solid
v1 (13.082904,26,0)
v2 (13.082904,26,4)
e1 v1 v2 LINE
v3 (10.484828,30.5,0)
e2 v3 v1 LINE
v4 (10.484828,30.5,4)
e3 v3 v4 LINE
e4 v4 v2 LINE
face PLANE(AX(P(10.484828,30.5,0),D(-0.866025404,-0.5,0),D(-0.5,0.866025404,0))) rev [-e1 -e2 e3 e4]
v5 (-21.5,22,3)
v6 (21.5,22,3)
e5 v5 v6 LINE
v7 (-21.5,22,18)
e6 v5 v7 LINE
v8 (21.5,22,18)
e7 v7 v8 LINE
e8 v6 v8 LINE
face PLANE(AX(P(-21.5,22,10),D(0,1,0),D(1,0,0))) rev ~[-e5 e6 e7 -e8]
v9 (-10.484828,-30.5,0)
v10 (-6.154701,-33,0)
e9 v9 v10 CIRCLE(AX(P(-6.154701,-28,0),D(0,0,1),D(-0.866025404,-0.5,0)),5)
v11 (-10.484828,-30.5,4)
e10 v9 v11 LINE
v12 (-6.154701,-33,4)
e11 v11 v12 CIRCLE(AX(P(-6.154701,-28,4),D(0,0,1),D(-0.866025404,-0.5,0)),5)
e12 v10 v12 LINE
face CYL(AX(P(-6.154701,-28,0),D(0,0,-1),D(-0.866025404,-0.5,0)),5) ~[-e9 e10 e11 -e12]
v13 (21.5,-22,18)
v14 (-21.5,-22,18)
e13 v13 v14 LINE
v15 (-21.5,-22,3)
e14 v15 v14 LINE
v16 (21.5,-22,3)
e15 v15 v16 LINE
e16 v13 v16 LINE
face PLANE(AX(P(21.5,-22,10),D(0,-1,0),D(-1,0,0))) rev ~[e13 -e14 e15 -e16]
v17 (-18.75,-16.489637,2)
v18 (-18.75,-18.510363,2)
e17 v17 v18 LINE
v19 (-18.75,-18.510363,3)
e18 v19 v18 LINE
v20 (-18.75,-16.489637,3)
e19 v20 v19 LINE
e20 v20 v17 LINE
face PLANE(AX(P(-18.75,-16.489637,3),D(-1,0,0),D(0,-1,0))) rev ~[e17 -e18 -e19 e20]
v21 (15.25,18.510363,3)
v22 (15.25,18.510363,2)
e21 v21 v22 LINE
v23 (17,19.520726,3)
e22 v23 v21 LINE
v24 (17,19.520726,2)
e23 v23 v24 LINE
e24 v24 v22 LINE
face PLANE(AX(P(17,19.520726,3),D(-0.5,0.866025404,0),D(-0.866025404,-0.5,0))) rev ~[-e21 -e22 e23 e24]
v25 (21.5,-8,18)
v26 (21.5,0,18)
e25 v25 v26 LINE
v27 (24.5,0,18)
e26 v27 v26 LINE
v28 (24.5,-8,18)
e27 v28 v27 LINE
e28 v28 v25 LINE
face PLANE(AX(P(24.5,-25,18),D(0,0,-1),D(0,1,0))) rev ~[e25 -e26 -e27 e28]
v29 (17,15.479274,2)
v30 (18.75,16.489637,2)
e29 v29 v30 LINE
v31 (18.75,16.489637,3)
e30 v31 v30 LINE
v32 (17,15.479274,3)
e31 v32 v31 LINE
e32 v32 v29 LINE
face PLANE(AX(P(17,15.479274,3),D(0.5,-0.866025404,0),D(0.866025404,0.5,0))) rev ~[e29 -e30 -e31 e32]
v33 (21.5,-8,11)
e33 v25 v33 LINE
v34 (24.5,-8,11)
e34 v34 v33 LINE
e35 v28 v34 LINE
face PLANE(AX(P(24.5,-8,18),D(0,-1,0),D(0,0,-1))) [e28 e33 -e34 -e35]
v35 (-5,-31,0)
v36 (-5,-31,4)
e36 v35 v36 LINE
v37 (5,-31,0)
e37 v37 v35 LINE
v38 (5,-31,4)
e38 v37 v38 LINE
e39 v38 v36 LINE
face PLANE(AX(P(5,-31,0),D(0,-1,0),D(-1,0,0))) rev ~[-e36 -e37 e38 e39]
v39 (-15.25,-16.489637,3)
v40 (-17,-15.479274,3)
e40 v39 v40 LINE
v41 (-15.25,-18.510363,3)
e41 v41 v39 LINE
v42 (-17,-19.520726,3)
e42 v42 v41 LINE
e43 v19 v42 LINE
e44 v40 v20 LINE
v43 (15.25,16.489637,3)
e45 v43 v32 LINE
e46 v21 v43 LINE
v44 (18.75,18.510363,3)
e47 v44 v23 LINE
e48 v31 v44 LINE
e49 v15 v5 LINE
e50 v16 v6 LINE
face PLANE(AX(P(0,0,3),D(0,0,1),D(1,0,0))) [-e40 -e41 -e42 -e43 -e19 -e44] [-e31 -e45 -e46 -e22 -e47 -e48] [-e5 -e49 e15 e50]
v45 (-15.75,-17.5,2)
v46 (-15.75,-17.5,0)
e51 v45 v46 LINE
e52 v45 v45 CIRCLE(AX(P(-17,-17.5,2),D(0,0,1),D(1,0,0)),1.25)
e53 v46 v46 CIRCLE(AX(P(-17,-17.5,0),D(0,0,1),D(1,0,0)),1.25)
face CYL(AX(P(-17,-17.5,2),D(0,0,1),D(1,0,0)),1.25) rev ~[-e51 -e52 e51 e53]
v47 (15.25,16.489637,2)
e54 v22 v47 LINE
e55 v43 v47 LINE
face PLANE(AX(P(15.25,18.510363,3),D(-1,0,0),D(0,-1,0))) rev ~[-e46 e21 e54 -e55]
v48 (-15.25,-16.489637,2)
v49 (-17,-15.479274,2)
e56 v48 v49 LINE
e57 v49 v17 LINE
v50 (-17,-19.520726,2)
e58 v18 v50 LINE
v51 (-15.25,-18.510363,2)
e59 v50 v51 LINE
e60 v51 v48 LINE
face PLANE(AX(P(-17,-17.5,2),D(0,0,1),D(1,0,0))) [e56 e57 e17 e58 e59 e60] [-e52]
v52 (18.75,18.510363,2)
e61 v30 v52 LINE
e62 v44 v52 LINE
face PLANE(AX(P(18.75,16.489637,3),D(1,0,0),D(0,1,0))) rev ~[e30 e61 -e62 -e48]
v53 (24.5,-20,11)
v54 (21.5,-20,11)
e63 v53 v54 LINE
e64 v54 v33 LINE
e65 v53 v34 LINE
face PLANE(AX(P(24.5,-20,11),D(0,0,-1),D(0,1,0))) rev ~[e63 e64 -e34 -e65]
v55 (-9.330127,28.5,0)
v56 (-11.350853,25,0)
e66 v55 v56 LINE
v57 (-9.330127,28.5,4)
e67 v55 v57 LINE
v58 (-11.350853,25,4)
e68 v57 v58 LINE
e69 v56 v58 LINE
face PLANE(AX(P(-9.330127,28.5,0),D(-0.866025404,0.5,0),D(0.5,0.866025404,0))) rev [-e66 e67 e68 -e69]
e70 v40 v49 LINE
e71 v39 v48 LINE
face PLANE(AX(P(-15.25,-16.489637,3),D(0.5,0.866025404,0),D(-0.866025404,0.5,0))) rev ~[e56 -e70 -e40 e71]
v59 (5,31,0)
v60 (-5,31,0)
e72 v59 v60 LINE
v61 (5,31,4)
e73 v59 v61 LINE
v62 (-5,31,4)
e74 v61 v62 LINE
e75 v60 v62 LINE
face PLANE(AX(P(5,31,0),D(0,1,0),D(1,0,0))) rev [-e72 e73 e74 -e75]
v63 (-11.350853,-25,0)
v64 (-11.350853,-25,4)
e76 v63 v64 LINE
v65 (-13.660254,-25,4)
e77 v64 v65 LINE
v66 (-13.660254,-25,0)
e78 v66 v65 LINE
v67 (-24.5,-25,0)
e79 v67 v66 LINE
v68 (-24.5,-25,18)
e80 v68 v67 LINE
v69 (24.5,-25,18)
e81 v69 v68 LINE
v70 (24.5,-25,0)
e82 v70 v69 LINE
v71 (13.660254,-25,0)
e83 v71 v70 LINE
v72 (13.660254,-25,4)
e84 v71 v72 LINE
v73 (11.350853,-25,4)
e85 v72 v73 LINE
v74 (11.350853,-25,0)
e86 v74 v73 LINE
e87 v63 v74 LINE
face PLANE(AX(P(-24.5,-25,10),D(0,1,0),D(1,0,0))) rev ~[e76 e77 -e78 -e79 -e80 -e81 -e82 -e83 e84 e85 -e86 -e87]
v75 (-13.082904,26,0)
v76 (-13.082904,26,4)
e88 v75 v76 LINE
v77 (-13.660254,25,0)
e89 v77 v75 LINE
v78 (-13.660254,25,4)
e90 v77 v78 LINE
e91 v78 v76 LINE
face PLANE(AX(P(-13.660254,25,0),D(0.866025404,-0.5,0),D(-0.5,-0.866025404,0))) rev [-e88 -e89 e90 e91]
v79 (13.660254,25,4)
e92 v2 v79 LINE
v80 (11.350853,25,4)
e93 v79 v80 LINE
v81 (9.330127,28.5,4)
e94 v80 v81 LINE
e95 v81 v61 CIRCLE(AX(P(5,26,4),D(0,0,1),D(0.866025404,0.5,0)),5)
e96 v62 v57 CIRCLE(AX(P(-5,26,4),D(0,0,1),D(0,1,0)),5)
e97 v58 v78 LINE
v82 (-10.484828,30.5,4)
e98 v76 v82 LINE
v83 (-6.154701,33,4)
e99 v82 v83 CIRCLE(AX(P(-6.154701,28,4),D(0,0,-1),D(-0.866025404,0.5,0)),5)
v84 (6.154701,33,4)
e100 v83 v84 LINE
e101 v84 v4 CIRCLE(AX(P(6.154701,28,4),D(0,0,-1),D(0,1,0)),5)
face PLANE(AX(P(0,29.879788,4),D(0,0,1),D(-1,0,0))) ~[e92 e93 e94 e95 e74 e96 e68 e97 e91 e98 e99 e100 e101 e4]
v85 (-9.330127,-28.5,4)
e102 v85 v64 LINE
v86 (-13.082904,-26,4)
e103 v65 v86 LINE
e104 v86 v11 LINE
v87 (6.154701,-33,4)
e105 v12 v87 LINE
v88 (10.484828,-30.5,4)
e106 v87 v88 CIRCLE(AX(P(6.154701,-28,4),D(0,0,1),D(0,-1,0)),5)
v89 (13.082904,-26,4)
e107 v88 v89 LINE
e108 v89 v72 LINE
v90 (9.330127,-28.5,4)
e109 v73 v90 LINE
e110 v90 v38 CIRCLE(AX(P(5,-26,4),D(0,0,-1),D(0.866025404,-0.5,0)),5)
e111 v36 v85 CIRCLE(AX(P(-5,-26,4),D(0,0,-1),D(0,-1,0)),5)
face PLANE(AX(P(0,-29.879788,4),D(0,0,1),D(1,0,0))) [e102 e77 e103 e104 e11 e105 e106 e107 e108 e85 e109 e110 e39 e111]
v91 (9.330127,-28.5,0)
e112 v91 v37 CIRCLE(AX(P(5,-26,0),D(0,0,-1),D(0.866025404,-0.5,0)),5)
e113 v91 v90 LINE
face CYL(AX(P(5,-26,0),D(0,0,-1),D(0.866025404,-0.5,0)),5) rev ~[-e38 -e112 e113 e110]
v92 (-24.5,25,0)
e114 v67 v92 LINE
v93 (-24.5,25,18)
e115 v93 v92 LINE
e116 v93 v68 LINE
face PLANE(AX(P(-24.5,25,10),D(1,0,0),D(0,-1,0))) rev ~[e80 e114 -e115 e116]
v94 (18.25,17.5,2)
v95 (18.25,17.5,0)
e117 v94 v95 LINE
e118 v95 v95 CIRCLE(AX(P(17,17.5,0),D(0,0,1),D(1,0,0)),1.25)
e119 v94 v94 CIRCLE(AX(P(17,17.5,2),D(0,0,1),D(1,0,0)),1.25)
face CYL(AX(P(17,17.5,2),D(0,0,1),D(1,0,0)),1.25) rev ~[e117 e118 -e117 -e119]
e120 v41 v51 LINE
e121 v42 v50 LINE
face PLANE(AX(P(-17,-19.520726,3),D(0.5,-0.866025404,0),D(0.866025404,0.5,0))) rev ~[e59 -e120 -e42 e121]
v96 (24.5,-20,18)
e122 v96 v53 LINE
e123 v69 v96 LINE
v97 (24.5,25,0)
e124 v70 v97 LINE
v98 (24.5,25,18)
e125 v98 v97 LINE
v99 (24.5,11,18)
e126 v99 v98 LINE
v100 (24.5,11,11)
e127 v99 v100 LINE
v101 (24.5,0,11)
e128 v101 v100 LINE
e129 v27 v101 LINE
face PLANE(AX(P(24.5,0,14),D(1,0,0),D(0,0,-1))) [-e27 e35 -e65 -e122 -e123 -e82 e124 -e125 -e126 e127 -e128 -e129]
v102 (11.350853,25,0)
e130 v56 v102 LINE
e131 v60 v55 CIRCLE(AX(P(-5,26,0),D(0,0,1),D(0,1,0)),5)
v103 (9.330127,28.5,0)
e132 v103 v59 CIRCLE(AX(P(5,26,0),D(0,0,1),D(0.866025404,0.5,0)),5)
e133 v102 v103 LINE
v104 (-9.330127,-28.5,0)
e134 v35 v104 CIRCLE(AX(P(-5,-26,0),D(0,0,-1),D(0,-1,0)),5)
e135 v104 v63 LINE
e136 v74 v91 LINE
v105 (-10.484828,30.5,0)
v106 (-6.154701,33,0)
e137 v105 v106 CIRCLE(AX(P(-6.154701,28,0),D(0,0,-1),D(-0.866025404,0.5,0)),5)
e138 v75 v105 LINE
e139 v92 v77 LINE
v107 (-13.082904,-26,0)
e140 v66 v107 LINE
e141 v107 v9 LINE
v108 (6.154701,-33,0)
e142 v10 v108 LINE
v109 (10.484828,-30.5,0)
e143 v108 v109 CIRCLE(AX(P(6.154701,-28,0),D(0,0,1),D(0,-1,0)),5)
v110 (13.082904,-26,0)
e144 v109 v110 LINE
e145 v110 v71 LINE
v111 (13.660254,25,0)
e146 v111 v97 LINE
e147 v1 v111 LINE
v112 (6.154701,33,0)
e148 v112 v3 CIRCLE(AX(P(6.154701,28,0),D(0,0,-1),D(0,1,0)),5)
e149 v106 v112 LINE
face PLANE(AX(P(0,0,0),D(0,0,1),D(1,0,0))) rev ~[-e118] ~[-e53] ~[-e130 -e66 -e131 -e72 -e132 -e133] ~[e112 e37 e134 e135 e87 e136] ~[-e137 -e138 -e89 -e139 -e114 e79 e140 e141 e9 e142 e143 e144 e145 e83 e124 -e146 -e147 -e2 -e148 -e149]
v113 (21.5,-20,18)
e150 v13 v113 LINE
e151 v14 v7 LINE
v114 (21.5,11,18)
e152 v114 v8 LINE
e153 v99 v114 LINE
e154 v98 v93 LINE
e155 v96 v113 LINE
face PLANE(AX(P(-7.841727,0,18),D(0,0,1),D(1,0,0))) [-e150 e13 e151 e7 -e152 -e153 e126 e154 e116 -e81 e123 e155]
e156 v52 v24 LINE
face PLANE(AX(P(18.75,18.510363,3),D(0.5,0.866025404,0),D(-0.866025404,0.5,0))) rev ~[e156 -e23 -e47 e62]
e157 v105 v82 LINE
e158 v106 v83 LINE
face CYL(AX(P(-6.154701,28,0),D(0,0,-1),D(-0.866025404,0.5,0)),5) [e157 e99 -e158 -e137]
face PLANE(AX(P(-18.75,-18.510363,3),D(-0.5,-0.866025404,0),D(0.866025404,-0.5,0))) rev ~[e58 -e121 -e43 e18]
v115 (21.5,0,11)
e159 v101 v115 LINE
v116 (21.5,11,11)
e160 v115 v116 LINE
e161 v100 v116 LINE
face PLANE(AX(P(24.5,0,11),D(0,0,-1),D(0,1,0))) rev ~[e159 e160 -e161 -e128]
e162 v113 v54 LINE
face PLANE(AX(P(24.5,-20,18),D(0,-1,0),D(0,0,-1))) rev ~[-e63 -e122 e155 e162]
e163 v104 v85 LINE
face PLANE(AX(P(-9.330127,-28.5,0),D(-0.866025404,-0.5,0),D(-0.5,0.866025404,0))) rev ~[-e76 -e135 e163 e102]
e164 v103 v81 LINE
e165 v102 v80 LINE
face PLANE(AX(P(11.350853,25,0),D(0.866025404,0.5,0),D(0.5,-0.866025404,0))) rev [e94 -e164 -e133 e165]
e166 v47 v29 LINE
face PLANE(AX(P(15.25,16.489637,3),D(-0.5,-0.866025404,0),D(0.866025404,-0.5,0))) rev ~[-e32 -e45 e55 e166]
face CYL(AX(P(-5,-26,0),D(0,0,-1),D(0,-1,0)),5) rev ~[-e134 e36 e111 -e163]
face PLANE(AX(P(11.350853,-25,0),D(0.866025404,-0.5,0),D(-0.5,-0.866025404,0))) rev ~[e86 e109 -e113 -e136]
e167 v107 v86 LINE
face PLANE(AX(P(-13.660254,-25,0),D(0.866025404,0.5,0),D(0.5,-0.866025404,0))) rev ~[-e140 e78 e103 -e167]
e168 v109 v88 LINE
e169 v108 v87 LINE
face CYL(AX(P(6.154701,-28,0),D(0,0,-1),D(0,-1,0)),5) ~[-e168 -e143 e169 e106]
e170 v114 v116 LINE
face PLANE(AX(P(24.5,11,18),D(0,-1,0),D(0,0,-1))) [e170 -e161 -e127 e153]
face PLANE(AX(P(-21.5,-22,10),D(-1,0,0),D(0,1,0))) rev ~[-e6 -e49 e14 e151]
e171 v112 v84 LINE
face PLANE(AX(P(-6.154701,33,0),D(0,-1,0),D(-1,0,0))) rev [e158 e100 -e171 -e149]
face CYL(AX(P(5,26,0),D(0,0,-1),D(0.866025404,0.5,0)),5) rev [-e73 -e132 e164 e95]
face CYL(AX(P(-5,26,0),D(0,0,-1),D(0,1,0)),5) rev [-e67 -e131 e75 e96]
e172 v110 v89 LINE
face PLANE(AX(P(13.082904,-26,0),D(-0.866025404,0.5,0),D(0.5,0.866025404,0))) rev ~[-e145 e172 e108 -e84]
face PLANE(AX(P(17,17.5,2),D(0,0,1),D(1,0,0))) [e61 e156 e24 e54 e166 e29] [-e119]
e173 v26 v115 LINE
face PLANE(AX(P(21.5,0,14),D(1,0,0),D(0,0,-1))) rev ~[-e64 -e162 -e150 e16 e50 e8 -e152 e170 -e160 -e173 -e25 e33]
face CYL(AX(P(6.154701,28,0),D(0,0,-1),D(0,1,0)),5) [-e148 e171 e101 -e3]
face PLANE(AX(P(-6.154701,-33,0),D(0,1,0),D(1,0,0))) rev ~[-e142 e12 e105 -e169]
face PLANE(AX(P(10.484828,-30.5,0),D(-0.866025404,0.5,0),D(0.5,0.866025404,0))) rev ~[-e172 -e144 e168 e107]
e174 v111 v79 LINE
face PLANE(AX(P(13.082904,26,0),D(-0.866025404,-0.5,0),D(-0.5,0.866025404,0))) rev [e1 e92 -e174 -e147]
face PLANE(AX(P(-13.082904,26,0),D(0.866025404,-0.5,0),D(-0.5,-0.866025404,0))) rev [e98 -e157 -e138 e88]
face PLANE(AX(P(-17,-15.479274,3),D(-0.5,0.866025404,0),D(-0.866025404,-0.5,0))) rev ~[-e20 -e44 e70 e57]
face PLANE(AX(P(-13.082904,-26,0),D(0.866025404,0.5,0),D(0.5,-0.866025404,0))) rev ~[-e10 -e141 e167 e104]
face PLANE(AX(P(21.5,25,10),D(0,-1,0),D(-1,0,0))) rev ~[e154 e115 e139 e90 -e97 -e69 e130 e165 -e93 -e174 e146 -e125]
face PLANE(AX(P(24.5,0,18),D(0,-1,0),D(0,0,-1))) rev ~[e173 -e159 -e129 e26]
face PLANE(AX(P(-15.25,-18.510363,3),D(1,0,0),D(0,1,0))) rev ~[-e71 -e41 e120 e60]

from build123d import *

# Parameters (mm, degrees)
SKETCH_1_W          = 49
SKETCH_1_H          = 50
EXTRUDE_1_DEPTH     = 10
SKETCH_3_W          = 43
SKETCH_3_H          = 44
CUT_EXTRUDE_1_DEPTH = 7
CUT_EXTRUDE_2_DEPTH = 1
SKETCH_5_R          = 1.25
CUT_EXTRUDE_3_DEPTH = 3
SKETCH_7_W          = 8
SKETCH_7_H          = 50
EXTRUDE_2_DEPTH     = 3
SKETCH_8_W          = 7
SKETCH_8_H          = 12
SKETCH_8_H_2        = 11
CUT_EXTRUDE_5_DEPTH = 3
EXTRUDE_3_DEPTH     = 8
EXTRUDE_4_DEPTH     = 4


with BuildPart() as part:
    # 草图1 → 凸台-拉伸1 (new body)
    with BuildSketch(Plane.XY):
        Rectangle(SKETCH_1_W, SKETCH_1_H)
    extrude(amount=EXTRUDE_1_DEPTH)

    # 草图3 → 切除-拉伸1 (cut)
    with BuildSketch(Plane.XY.offset(10)):
        Rectangle(SKETCH_3_W, SKETCH_3_H)
    extrude(amount=-CUT_EXTRUDE_1_DEPTH, mode=Mode.SUBTRACT)

    # 草图4 → 切除-拉伸2 (cut)
    with BuildSketch(Plane.XY.offset(3)):
        Polygon((17, 15.479274058), (18.75, 16.489637029), (18.75, 18.510362971), (17, 19.520725942), (15.25, 18.510362971), (15.25, 16.489637029), align=None)
        Polygon((-17, -19.520725942), (-15.25, -18.510362971), (-15.25, -16.489637029), (-17, -15.479274058), (-18.75, -16.489637029), (-18.75, -18.510362971), align=None)
    extrude(amount=-CUT_EXTRUDE_2_DEPTH, mode=Mode.SUBTRACT)

    # 草图5 → 切除-拉伸3 (cut)
    with BuildSketch(Plane.XY.offset(2)):
        with Locations((-17, -17.5)):
            Circle(SKETCH_5_R)
        with Locations((17, 17.5)):
            Circle(SKETCH_5_R)
    extrude(amount=-CUT_EXTRUDE_3_DEPTH, mode=Mode.SUBTRACT)

    # 草图7 → 凸台-拉伸2 (add)
    with BuildSketch(Plane(origin=(24.5, 0, 0), x_dir=(0, 0, -1), z_dir=(1, 0, 0))):
        with Locations((-14, 0)):
            Rectangle(SKETCH_7_W, SKETCH_7_H)
    extrude(amount=-EXTRUDE_2_DEPTH)

    # 草图8 → 切除-拉伸5 (cut)
    with BuildSketch(Plane(origin=(24.5, 0, 0), x_dir=(0, 0, -1), z_dir=(1, 0, 0))):
        with Locations((-14.5, -14)):
            Rectangle(SKETCH_8_W, SKETCH_8_H)
        with Locations((-14.5, 5.5)):
            Rectangle(SKETCH_8_W, SKETCH_8_H_2)
    extrude(amount=-CUT_EXTRUDE_5_DEPTH, mode=Mode.SUBTRACT)

    # 草图9 → 凸台-拉伸3 (add)
    with BuildSketch(Plane.XY.offset(10)):
        Polygon((-24.5, -25), (21.5, -25), (21.5, -22), (-21.5, -22), (-21.5, 22), (21.5, 22), (21.5, 25), (-24.5, 25), align=None)
    extrude(amount=EXTRUDE_3_DEPTH)

    # 草图11 → 凸台-拉伸4 (add)
    with BuildSketch(Plane(origin=(0, 0, 0), x_dir=(-1, 0, 0), z_dir=(0, 0, -1))):
        with BuildLine():
            Line((-13.660254038, -25), (-11.350852961, -25))
            Line((-11.350852961, -25), (-9.330127019, -28.5))
            ThreePointArc((-9.330127019, -28.5), (-7.5, -30.330127019), (-5, -31))
            Line((-5, -31), (5, -31))
            ThreePointArc((5, -31), (7.5, -30.330127019), (9.330127019, -28.5))
            Line((9.330127019, -28.5), (11.350852961, -25))
            Line((11.350852961, -25), (13.660254038, -25))
            Line((13.660254038, -25), (13.082903769, -26))
            Line((13.082903769, -26), (10.484827557, -30.5))
            ThreePointArc((10.484827557, -30.5), (8.654700538, -32.330127019), (6.154700538, -33))
            Line((6.154700538, -33), (-6.154700538, -33))
            ThreePointArc((-6.154700538, -33), (-8.654700538, -32.330127019), (-10.484827557, -30.5))
            Line((-10.484827557, -30.5), (-13.082903769, -26))
            Line((-13.082903769, -26), (-13.660254038, -25))
        make_face()
    extrude_4 = extrude(amount=-EXTRUDE_4_DEPTH)

    # 镜向1: 凸台-拉伸4 across plane
    add(extrude_4.mirror(Plane.ZX))


solid = part.part
